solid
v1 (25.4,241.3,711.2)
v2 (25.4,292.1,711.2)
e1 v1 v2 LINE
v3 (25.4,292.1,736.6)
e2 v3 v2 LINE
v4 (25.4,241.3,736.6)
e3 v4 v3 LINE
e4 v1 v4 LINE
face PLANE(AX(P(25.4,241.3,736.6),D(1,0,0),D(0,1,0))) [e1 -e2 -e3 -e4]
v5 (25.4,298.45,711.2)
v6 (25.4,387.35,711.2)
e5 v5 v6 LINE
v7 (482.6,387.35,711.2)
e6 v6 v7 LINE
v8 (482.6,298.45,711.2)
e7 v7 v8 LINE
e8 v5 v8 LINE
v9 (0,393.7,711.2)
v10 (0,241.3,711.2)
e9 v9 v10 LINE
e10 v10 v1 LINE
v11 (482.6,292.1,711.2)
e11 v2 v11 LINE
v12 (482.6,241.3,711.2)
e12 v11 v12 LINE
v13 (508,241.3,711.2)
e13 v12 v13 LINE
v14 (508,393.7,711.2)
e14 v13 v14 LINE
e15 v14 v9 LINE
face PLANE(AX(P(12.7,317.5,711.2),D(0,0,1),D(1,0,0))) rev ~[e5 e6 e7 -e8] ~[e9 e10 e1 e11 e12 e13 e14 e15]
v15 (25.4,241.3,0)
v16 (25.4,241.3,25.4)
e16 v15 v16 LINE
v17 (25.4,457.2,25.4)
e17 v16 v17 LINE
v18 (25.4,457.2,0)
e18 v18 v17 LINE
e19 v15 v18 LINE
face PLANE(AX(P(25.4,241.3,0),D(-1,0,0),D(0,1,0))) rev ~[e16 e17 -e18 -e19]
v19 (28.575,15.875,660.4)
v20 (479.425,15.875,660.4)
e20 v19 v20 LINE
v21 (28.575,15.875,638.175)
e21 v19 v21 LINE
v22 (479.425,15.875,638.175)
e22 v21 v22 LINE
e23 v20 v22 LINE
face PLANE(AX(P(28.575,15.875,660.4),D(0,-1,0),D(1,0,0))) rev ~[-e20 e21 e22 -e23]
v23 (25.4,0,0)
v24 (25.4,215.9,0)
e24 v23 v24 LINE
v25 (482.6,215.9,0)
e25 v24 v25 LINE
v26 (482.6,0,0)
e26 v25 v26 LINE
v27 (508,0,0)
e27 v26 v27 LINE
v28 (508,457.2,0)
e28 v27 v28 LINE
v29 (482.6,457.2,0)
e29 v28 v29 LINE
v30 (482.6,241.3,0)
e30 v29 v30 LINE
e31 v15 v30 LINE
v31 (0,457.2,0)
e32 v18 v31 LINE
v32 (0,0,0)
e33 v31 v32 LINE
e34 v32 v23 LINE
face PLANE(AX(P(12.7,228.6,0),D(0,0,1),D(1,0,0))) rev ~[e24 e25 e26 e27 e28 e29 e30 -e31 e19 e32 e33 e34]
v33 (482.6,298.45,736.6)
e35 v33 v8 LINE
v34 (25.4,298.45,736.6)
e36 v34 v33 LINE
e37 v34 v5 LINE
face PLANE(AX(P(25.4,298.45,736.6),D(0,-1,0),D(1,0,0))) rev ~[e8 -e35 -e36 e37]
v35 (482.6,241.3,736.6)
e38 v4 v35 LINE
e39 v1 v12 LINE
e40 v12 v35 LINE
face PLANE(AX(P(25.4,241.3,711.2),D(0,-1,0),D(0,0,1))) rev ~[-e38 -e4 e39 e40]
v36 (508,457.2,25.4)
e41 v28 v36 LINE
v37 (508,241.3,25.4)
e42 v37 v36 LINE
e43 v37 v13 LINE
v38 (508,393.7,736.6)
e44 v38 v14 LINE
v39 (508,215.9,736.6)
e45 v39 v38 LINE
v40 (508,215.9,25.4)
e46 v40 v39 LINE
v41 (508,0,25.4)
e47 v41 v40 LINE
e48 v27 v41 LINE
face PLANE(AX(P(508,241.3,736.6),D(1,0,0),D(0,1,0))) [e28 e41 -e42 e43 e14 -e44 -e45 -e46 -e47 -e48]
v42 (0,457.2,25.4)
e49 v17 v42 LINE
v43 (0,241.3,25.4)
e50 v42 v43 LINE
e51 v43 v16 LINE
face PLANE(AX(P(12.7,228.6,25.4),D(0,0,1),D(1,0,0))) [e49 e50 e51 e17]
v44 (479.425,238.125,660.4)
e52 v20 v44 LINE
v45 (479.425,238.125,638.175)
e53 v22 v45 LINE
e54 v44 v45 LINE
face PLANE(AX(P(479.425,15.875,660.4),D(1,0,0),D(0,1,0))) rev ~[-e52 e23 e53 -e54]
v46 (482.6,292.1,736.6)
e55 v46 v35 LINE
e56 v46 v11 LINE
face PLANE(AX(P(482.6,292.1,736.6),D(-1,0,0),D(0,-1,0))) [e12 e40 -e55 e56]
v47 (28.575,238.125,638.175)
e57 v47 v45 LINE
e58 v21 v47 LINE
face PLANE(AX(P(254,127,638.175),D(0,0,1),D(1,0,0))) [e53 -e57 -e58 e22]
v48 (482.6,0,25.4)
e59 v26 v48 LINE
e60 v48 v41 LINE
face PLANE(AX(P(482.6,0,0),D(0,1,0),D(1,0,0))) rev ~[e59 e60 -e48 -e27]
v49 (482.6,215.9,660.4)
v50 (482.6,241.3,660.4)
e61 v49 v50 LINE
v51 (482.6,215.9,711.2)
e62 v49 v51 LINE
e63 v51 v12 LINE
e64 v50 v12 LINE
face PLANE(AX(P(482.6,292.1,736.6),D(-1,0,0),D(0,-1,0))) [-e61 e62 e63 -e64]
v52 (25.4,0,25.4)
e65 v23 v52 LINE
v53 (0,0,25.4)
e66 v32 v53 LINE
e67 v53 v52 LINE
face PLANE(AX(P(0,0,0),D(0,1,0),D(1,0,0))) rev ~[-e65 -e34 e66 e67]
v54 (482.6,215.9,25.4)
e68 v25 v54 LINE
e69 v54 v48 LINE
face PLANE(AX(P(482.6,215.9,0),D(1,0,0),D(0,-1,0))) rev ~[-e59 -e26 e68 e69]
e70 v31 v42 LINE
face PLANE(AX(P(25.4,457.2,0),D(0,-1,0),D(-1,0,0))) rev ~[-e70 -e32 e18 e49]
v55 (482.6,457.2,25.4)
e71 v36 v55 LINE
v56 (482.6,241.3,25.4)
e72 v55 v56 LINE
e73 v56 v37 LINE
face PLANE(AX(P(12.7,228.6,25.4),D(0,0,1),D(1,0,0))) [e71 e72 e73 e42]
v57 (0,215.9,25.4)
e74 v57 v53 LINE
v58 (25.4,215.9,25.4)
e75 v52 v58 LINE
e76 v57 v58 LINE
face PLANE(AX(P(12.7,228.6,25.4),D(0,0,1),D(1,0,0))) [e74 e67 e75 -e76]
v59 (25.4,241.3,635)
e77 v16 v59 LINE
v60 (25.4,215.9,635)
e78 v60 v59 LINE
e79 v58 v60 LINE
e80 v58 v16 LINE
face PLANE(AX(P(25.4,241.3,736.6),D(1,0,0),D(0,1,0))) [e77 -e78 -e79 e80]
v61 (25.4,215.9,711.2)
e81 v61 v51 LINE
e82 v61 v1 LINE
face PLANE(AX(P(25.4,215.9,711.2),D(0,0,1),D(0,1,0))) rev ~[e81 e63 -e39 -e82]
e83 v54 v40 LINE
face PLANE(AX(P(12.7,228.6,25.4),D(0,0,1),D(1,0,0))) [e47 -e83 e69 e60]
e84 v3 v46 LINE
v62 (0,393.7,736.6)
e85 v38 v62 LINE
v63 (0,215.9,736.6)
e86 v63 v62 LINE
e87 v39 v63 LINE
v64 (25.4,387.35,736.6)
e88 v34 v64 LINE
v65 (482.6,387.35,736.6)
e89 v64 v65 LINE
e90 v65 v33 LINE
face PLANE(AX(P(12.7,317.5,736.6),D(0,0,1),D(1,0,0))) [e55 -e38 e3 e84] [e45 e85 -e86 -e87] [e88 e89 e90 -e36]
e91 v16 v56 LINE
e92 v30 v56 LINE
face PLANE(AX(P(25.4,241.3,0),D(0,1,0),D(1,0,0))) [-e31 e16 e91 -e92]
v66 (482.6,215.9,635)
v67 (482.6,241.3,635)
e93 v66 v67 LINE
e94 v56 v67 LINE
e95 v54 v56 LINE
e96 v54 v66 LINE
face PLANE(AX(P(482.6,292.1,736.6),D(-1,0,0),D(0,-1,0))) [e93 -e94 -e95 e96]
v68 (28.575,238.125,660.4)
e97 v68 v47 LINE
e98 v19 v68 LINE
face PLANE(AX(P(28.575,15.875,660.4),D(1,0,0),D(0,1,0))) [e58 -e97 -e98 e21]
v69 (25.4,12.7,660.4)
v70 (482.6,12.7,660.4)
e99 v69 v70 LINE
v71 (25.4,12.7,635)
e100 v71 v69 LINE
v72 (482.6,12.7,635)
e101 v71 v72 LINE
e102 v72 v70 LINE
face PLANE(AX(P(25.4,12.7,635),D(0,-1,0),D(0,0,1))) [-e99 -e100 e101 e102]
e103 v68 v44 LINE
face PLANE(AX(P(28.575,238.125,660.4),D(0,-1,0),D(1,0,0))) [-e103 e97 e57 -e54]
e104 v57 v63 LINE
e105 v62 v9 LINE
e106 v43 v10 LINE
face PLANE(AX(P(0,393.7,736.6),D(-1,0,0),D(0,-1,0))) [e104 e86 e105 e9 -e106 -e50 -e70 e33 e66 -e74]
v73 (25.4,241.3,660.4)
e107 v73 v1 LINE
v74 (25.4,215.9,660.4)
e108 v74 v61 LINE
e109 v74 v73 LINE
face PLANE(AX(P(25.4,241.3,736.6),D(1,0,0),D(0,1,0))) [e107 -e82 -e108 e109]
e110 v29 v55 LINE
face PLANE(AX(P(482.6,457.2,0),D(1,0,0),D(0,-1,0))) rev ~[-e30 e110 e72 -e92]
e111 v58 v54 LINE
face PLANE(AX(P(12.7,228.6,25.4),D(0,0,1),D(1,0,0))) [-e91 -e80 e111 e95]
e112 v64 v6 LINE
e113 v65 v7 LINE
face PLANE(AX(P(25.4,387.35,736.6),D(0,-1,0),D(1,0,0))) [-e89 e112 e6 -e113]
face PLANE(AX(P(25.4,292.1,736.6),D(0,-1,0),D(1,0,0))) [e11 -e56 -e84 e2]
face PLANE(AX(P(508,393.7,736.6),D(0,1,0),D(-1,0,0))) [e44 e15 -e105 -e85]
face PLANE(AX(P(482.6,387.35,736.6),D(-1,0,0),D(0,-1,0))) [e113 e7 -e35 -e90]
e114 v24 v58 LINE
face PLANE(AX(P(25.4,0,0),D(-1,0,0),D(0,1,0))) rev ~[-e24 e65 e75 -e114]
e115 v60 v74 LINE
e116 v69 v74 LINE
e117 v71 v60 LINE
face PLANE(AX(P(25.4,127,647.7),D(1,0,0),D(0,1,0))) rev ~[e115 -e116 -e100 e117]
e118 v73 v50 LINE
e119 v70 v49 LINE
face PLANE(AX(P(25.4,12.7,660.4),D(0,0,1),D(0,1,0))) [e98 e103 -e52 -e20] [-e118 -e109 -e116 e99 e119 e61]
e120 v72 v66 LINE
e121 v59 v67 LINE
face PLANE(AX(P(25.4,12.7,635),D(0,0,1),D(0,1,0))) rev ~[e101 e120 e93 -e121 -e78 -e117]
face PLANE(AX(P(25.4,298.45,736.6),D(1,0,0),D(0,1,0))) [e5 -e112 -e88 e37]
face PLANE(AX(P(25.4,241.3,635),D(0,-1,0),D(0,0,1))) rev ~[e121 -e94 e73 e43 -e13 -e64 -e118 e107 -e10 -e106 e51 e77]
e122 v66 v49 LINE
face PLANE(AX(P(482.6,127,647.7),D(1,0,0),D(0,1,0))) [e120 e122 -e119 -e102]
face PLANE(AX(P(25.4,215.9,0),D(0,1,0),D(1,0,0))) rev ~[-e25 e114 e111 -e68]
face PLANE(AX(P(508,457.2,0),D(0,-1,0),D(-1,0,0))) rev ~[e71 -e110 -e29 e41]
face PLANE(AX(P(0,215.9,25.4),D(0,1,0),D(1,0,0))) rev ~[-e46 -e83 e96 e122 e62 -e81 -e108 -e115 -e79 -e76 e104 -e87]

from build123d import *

# Parameters (mm, degrees)
F0_W     = 457.2
F0_H     = 25.4
F1_DEPTH = 25.4
F2_W     = 25.4
F2_H     = 25.4
F3_DEPTH = 711.2
F4_W     = 457.2
F4_H     = 6.35
F5_DEPTH = 25.4
F6_W     = 228.6
F6_H     = 25.4
F6_W_2   = 25.4
F7_DEPTH = 457.2
F8_W     = 450.85
F8_H     = 222.25
F9_DEPTH = 22.225


with BuildPart() as f1:
    # F0 (on Top) → F1 (new body)
    with BuildSketch(Plane.XY):
        Polygon((0, 457.2), (0, 0), (25.4, 0), (25.4, 215.9), (25.4, 241.3), (25.4, 457.2), align=None)
        with Locations((254, 228.6)):
            Rectangle(F0_W, F0_H)
        Polygon((482.6, 241.3), (482.6, 215.9), (482.6, 0), (508, 0), (508, 457.2), (482.6, 457.2), align=None)
    extrude(amount=F1_DEPTH)

    # F2 (on face) → F3 (join)
    with BuildSketch(Plane.XY.offset(25.4)):
        with Locations((12.7, 228.6)):
            Rectangle(F2_W, F2_H)
        with Locations((495.3, 228.6)):
            Rectangle(F2_W, F2_H)
    extrude(amount=F3_DEPTH)

    # F4 (on face) → F5 (join)
    with BuildSketch(Plane.XY.offset(736.6)):
        Polygon((0, 393.7), (0, 241.3), (25.4, 241.3), (25.4, 292.1), (25.4, 298.45), (25.4, 342.9), (25.4, 349.25), (25.4, 387.35), (25.4, 393.7), align=None)
        with Locations((254, 295.275)):
            Rectangle(F4_W, F4_H)
        with Locations((254, 390.525)):
            Rectangle(F4_W, F4_H)
        Polygon((482.6, 298.45), (482.6, 292.1), (482.6, 241.3), (508, 241.3), (508, 393.7), (482.6, 393.7), (482.6, 387.35), (482.6, 349.25), (482.6, 342.9), align=None)
    extrude(amount=-F5_DEPTH)

    # F6 (on face) → F7 (join, through all)
    with BuildSketch(Plane.YZ.offset(25.4)):
        with Locations((127, 647.7)):
            Rectangle(F6_W, F6_H)
        with Locations((228.6, 723.9)):
            Rectangle(F6_W_2, F6_H)
    extrude(amount=F7_DEPTH)

    # F8 (on face) → F9 (cut)
    with BuildSketch(Plane.XY.offset(660.4)):
        with Locations((254, 127)):
            Rectangle(F8_W, F8_H)
    extrude(amount=-F9_DEPTH, mode=Mode.SUBTRACT)


solid = f1.part
